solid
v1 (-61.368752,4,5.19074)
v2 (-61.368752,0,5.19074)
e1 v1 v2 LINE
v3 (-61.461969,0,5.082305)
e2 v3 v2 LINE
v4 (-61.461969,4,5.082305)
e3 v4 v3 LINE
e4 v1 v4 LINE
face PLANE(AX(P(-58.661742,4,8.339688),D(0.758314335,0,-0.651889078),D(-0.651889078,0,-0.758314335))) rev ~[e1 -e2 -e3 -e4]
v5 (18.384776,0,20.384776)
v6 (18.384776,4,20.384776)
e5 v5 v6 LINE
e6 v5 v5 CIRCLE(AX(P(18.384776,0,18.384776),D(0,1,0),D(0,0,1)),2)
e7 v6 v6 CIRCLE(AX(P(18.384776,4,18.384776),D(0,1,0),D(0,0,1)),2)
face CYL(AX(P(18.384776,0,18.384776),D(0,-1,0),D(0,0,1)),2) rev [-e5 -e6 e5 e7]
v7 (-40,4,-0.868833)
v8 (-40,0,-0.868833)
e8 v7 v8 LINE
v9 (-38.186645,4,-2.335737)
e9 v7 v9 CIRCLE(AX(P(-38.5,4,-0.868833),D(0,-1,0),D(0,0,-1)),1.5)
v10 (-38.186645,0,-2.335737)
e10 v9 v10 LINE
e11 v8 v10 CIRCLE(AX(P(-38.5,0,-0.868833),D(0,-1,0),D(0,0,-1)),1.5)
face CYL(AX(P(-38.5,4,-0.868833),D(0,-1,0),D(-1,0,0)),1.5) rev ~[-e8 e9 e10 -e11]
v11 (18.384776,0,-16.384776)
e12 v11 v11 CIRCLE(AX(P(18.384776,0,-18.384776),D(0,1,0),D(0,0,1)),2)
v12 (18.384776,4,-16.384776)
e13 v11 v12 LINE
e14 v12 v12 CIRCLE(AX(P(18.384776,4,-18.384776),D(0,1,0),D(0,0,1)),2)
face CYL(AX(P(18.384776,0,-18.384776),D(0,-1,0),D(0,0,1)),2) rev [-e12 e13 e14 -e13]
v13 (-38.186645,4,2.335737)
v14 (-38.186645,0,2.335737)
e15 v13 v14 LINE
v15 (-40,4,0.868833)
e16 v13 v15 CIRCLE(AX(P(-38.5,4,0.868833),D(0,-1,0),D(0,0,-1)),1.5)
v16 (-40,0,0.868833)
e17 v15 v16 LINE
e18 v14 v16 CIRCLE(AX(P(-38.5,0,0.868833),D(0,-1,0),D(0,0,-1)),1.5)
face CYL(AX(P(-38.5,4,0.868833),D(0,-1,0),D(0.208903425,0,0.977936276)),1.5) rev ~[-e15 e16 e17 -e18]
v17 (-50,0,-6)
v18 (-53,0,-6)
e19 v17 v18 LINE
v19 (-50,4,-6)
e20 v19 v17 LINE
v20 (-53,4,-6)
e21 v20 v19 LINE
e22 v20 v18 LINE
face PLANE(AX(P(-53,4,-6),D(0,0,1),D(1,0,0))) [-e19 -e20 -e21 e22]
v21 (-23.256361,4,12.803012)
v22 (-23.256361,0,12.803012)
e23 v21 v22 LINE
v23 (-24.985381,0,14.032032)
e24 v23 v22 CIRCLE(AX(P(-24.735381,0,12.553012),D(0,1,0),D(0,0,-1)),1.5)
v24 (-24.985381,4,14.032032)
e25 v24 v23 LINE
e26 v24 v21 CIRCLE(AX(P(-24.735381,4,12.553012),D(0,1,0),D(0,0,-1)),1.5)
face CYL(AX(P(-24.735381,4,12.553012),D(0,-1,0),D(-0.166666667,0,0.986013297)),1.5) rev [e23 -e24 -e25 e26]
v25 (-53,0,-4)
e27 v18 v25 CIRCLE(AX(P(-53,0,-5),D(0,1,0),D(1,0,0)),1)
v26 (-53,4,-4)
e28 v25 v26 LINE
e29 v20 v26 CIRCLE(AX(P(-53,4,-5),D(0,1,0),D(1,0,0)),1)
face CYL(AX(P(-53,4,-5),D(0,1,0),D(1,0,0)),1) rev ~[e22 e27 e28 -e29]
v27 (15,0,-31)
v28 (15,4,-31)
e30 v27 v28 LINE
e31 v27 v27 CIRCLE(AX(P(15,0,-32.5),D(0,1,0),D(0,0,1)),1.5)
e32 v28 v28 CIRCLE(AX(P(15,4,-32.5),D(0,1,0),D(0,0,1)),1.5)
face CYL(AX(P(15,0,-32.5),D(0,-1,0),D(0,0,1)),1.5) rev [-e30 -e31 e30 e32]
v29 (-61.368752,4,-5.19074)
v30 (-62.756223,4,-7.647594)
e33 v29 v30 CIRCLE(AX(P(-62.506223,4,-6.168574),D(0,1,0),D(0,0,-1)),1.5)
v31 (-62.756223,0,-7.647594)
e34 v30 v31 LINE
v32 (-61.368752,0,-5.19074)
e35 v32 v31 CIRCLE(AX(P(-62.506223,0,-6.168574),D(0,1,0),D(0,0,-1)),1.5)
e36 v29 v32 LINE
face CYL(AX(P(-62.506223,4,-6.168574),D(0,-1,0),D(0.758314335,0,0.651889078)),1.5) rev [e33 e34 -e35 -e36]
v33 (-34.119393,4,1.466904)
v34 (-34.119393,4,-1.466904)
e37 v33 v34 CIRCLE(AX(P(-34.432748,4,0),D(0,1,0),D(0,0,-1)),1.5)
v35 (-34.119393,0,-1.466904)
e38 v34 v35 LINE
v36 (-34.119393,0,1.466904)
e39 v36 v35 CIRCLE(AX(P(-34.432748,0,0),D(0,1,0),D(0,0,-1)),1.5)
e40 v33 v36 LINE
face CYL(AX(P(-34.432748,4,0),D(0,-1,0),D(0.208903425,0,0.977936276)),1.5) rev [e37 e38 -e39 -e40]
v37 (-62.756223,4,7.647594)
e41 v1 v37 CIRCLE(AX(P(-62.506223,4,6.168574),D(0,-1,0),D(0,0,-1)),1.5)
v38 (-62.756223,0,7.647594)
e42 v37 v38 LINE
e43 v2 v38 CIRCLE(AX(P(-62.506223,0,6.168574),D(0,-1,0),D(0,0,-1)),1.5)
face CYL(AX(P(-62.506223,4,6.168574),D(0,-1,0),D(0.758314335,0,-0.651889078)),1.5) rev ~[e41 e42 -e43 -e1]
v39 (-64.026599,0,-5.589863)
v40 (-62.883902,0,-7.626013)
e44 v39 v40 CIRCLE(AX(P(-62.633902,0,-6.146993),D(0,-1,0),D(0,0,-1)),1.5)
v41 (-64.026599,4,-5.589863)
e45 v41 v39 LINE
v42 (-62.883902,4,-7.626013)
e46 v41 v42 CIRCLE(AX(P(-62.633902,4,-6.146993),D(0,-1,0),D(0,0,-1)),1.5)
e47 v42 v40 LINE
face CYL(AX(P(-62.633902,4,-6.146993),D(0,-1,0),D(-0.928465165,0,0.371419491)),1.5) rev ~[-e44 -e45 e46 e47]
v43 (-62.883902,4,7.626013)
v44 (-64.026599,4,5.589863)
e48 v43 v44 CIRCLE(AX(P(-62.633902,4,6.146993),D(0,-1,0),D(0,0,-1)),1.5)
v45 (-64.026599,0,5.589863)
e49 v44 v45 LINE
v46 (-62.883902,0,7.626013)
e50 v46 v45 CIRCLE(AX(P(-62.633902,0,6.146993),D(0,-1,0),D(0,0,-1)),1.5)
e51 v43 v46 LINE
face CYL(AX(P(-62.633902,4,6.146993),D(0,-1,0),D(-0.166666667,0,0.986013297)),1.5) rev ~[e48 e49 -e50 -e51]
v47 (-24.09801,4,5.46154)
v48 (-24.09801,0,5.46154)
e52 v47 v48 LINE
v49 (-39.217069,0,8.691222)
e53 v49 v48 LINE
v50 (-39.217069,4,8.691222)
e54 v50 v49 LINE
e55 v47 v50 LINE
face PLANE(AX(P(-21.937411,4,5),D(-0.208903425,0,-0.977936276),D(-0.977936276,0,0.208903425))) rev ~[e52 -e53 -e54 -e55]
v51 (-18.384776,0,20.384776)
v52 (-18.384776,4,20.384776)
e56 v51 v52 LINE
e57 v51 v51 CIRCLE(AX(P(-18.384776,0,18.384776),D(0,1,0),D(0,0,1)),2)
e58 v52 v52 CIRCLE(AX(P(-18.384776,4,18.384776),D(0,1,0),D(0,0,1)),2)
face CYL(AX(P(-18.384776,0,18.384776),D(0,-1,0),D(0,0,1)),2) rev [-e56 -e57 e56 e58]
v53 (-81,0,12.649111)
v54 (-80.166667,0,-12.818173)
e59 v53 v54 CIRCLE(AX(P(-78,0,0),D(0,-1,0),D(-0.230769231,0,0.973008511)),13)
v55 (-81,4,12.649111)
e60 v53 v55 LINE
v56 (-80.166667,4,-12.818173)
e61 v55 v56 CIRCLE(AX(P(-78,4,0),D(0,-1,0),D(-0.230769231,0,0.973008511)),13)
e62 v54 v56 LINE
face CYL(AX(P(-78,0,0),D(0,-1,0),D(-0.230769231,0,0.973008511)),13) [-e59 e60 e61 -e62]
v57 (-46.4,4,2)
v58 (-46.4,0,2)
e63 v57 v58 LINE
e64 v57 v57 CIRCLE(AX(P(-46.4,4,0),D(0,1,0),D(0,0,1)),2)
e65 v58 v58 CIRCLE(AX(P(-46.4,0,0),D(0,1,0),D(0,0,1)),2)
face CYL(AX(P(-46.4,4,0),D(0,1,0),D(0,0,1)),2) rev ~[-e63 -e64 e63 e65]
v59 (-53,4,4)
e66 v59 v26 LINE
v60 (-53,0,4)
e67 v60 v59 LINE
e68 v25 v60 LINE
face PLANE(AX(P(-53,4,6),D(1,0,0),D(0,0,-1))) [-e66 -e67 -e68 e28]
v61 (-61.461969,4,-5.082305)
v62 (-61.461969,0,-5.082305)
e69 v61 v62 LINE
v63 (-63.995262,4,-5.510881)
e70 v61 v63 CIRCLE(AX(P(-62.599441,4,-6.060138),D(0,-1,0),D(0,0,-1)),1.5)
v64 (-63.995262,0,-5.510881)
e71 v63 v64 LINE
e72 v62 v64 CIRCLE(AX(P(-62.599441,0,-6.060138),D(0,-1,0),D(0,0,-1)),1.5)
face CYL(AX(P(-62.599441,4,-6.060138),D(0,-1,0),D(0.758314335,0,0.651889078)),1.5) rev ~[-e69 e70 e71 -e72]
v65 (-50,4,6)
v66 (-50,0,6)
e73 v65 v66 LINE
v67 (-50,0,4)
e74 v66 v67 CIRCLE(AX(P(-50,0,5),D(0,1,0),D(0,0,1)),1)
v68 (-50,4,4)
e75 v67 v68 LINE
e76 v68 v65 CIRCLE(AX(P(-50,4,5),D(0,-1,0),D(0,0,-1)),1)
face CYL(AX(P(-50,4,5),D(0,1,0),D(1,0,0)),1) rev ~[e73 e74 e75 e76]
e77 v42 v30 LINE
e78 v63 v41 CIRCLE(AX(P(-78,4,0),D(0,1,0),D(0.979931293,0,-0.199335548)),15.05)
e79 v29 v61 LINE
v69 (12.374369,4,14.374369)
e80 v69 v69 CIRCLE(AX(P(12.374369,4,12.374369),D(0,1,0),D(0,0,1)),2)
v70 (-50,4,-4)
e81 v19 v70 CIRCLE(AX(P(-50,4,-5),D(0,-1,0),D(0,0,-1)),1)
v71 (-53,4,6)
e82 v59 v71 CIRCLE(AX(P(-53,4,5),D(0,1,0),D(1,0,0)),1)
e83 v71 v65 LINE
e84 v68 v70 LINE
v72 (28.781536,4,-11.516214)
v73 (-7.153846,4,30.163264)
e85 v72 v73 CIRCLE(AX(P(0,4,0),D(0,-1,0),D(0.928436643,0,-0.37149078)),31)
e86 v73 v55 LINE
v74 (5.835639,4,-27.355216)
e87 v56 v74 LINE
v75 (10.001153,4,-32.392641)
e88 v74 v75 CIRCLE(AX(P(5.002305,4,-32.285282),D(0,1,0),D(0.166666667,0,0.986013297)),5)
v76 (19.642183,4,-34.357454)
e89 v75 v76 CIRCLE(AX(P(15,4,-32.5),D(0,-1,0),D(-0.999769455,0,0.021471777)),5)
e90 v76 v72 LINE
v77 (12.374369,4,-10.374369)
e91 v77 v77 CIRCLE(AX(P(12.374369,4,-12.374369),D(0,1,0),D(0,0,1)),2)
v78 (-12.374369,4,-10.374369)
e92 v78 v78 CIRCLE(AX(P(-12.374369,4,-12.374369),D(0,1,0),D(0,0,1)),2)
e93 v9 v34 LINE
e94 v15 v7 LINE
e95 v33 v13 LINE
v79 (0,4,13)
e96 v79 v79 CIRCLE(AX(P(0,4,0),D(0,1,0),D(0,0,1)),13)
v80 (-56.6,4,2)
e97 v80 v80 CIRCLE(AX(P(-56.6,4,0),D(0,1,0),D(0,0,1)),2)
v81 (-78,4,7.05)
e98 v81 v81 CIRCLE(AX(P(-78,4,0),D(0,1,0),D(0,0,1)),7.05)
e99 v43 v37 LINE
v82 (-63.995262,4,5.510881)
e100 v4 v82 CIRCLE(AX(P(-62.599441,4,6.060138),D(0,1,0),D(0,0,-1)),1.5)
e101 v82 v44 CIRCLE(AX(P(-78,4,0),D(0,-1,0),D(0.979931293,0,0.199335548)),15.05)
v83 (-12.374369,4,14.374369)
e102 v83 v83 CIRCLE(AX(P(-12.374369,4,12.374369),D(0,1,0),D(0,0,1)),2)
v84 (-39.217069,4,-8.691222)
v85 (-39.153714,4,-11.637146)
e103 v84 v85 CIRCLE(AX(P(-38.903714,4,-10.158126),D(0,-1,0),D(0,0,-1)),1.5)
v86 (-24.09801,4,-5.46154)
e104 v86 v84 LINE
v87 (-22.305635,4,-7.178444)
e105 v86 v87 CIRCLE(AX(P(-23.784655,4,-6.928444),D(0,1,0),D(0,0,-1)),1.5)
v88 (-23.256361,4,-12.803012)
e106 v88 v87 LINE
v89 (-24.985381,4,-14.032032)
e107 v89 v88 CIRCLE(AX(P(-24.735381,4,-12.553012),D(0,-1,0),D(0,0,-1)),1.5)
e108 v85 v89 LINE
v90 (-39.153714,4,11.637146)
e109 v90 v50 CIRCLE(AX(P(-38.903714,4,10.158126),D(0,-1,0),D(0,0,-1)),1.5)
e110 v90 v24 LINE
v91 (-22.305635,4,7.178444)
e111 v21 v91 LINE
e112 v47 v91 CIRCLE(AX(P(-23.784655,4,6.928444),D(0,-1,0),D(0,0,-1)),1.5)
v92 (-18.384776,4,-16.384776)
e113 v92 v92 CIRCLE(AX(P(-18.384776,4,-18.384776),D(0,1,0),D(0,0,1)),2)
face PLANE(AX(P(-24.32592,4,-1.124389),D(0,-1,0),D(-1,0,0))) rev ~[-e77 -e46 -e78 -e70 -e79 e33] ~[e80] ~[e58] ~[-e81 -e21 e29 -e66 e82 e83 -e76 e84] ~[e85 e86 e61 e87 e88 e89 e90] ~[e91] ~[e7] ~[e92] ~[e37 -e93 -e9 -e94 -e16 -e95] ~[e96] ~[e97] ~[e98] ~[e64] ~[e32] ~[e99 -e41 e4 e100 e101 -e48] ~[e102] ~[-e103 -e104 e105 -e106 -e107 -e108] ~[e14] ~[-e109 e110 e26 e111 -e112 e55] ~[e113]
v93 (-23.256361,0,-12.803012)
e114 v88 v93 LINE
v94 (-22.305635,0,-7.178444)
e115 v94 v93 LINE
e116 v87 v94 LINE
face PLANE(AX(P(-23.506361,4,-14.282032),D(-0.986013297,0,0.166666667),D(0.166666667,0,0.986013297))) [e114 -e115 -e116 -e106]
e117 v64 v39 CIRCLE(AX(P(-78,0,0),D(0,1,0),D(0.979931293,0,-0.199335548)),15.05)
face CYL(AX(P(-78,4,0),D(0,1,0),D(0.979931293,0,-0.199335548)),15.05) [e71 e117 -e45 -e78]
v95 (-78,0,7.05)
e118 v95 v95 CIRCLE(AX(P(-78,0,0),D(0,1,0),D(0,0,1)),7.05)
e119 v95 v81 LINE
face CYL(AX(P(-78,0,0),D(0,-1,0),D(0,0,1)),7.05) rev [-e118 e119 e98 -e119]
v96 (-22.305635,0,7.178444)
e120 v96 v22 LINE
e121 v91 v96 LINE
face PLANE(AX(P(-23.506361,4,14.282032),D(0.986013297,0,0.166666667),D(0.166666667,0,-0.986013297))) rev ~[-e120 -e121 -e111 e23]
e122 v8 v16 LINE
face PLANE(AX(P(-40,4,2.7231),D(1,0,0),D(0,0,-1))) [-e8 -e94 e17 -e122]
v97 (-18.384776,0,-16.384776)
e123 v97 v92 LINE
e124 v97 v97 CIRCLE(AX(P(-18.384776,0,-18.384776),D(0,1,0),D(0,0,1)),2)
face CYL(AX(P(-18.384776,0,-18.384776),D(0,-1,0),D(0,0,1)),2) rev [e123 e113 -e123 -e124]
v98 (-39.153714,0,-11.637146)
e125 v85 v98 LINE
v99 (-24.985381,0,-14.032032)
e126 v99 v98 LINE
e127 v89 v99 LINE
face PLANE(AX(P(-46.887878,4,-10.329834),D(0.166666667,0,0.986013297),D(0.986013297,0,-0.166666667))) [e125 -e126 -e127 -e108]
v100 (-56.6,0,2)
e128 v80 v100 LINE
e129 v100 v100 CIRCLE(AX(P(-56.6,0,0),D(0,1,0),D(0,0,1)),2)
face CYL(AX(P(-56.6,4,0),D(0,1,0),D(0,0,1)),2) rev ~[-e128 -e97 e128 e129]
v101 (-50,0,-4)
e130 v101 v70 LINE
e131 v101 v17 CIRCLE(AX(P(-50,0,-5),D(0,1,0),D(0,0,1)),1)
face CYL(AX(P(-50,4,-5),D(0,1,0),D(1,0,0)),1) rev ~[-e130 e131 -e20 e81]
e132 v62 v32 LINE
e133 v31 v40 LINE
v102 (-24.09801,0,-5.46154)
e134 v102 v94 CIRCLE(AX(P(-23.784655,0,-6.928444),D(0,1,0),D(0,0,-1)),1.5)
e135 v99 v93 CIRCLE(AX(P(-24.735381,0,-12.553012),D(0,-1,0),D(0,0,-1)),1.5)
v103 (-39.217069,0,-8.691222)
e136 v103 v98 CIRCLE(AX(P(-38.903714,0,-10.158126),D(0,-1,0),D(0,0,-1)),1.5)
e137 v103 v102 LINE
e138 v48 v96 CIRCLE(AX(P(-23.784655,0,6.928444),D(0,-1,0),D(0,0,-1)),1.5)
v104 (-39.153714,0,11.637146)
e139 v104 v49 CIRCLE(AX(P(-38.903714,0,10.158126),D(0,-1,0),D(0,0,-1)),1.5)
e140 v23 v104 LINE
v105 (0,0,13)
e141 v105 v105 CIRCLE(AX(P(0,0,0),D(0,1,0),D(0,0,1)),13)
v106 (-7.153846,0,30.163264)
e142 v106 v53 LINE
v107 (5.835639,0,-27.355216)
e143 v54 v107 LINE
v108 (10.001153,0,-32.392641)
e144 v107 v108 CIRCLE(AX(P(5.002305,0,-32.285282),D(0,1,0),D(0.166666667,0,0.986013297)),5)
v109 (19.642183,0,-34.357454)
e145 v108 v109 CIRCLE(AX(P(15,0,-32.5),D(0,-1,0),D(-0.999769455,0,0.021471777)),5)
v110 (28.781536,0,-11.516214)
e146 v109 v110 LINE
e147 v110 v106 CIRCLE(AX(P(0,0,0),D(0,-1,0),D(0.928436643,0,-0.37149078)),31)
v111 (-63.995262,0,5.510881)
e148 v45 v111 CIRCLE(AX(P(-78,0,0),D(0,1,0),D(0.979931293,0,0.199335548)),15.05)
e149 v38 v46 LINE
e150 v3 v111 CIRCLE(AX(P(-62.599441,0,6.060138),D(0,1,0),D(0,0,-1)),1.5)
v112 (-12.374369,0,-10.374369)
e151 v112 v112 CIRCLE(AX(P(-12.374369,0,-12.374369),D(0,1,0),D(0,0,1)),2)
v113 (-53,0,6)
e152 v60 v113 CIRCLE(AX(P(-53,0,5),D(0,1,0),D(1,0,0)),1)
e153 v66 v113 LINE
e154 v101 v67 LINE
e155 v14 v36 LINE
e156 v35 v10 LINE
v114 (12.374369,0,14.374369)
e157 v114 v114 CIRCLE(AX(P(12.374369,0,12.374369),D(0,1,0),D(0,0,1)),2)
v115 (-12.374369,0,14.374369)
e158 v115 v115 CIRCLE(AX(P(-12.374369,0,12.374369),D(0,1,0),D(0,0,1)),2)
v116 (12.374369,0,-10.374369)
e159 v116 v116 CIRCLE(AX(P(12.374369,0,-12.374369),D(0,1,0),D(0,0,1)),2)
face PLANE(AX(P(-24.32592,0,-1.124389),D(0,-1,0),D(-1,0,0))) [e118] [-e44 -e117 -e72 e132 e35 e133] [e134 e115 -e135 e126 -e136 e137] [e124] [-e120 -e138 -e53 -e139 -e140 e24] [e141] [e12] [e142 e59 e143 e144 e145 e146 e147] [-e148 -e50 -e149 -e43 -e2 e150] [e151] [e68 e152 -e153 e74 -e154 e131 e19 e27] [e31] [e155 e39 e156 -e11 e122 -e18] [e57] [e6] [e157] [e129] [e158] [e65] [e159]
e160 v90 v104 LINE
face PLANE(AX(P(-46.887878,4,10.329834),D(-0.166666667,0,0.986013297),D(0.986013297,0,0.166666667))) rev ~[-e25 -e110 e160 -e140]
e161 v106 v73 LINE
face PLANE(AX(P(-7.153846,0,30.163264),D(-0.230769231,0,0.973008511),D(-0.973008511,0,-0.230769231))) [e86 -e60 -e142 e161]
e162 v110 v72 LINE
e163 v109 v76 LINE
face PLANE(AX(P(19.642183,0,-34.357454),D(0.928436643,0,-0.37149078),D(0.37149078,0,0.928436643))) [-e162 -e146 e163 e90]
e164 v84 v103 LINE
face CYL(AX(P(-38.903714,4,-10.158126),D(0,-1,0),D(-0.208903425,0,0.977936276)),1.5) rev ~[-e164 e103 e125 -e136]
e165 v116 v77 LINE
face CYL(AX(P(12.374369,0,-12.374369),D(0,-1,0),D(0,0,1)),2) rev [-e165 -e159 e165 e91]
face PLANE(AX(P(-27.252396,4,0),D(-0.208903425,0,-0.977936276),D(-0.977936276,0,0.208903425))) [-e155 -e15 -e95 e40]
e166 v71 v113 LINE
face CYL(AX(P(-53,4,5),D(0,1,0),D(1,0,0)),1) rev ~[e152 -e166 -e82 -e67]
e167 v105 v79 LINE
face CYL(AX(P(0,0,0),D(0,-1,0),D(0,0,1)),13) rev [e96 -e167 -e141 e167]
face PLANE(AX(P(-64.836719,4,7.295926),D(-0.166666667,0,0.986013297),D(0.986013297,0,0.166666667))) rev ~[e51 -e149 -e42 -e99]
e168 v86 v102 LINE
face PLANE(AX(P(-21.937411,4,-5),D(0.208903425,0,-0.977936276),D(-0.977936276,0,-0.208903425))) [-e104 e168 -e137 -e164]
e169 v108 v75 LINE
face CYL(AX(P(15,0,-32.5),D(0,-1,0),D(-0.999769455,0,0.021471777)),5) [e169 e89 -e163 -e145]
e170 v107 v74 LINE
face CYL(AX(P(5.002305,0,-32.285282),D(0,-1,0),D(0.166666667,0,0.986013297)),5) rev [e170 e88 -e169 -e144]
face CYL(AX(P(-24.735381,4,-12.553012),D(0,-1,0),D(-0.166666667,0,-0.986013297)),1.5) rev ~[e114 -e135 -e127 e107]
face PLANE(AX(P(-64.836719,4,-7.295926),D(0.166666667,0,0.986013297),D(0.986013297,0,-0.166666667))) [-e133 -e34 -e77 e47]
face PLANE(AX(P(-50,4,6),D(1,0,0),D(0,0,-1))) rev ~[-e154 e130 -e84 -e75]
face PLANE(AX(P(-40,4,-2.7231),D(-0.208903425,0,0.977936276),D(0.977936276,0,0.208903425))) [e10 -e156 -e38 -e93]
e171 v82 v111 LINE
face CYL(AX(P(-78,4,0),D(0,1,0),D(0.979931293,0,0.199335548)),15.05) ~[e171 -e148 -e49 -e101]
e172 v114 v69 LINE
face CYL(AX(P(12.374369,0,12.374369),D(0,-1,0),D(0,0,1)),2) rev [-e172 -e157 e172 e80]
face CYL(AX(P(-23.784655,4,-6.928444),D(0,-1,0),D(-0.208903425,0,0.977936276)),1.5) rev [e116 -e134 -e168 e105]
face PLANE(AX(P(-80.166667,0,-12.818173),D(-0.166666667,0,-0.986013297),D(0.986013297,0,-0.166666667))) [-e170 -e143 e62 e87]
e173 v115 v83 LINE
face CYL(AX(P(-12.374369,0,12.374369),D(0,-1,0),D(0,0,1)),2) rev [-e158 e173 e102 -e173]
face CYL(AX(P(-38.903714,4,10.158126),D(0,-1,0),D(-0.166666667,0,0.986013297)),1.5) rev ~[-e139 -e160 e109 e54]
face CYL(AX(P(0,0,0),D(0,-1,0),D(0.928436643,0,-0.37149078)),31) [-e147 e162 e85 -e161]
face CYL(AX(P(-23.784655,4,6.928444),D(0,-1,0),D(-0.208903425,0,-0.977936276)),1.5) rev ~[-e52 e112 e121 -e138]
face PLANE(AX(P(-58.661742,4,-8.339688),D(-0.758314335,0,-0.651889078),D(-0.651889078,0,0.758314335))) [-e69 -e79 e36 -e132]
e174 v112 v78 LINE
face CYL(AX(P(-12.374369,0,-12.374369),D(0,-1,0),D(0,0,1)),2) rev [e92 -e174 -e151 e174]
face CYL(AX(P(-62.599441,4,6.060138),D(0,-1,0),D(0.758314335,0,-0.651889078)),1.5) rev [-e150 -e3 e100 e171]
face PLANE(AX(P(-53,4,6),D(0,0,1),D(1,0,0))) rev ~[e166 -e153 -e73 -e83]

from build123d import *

# Parameters (mm, degrees)
SKETCH_1_R          = 7.05
SKETCH_1_R_2        = 1.5
SKETCH_1_R_3        = 2
SKETCH_1_R_4        = 13
EXTRUDE_1_DEPTH     = 4
SKETCH_4_R          = 2
SKETCH_4_W          = 3
SKETCH_4_H          = 12
CUT_EXTRUDE_7_DEPTH = 99.505076011
SKETCH_8_R          = 1
CUT_EXTRUDE_6_DEPTH = 99.505076011
CUT_EXTRUDE_8_DEPTH = 99.505076011
FILLET_1_R          = 1.5


with BuildPart() as part:
    # 草图1 → 凸台-拉伸1 (new body)
    with BuildSketch(Plane(origin=(0, 0, 0), x_dir=(1, 0, 0), z_dir=(0, 1, 0))):
        with BuildLine():
            Line((-80.166666667, 12.818172863), (5.835638785, 27.355215737))
            ThreePointArc((5.835638785, 27.355215737), (8.855550352, 29.098982843), (10.001152726, 32.392641112))
            ThreePointArc((10.001152726, 32.392641112), (14.001538866, 37.399293353), (19.642183216, 34.3574539))
            Line((19.642183216, 34.3574539), (28.781535937, 11.516214183))
            ThreePointArc((28.781535937, 11.516214183), (23.478372246, -20.242678595), (-7.153846154, -30.163263835))
            Line((-7.153846154, -30.163263835), (-81, -12.649110641))
            ThreePointArc((-81, -12.649110641), (-90.993045962, 0.425154819), (-80.166666667, 12.818172863))
        make_face()
        with Locations(Location((-78, 0, 0), (0, 0, 270))):
            Circle(SKETCH_1_R, mode=Mode.SUBTRACT)
        with Locations(Location((15, 32.5, 0), (0, 0, 270))):
            Circle(SKETCH_1_R_2, mode=Mode.SUBTRACT)
        with Locations(Location((-18.384776311, 18.384776311, 0), (0, 0, 270))):
            Circle(SKETCH_1_R_3, mode=Mode.SUBTRACT)
        with Locations(Location((18.384776311, 18.384776311, 0), (0, 0, 270))):
            Circle(SKETCH_1_R_3, mode=Mode.SUBTRACT)
        with Locations(Location((18.384776311, -18.384776311, 0), (0, 0, 270))):
            Circle(SKETCH_1_R_3, mode=Mode.SUBTRACT)
        with Locations(Location((-18.384776311, -18.384776311, 0), (0, 0, 270))):
            Circle(SKETCH_1_R_3, mode=Mode.SUBTRACT)
        with Locations(Location((-12.374368671, 12.374368671, 0), (0, 0, 270))):
            Circle(SKETCH_1_R_3, mode=Mode.SUBTRACT)
        with Locations(Location((12.374368671, 12.374368671, 0), (0, 0, 270))):
            Circle(SKETCH_1_R_3, mode=Mode.SUBTRACT)
        with Locations(Location((12.374368671, -12.374368671, 0), (0, 0, 270))):
            Circle(SKETCH_1_R_3, mode=Mode.SUBTRACT)
        with Locations(Location((-12.374368671, -12.374368671, 0), (0, 0, 270))):
            Circle(SKETCH_1_R_3, mode=Mode.SUBTRACT)
        with Locations(Location((0, 0, 0), (0, 0, 270))):
            Circle(SKETCH_1_R_4, mode=Mode.SUBTRACT)
    extrude(amount=EXTRUDE_1_DEPTH)

    # 草图4 → 切除-拉伸7 (cut, through all)
    with BuildSketch(Plane(origin=(0, 4, 0), x_dir=(1, 0, 0), z_dir=(0, 1, 0))):
        with Locations(Location((-56.6, 0, 0), (0, 0, 270))):
            Circle(SKETCH_4_R)
        with Locations(Location((-46.4, 0, 0), (0, 0, 270))):
            Circle(SKETCH_4_R)
        with Locations((-51.5, 0)):
            Rectangle(SKETCH_4_W, SKETCH_4_H)
    extrude(amount=-CUT_EXTRUDE_7_DEPTH, mode=Mode.SUBTRACT)

    # 草图8 → 切除-拉伸6 (cut, through all)
    with BuildSketch(Plane(origin=(0, 4, 0), x_dir=(1, 0, 0), z_dir=(0, 1, 0))):
        with Locations((-53, 5)):
            Circle(SKETCH_8_R)
        with Locations((-53, -5)):
            Circle(SKETCH_8_R)
        with Locations((-50, -5)):
            Circle(SKETCH_8_R)
        with Locations((-50, 5)):
            Circle(SKETCH_8_R)
    extrude(amount=-CUT_EXTRUDE_6_DEPTH, mode=Mode.SUBTRACT)

    # 草图9 → 切除-拉伸8 (cut, through all)
    with BuildSketch(Plane(origin=(0, 4, 0), x_dir=(1, 0, 0), z_dir=(0, 1, 0))):
        Polygon((-23.506360694, 14.282031751), (-21.937410968, 5), (-46.887877974, 10.329833989), align=None)
        Polygon((-46.887877974, -10.329833989), (-23.506360694, -14.282031751), (-21.937410968, -5), align=None)
        with BuildLine():
            Line((-64.836719159, 7.29592609), (-58.661742218, 8.339687697))
            Line((-58.661742218, 8.339687697), (-63.252034039, 3))
            ThreePointArc((-63.252034039, 3), (-63.880043564, 5.208582364), (-64.836719159, 7.29592609))
        make_face()
        with BuildLine():
            Line((-58.661742218, -8.339687697), (-63.252034039, -3))
            ThreePointArc((-63.252034039, -3), (-63.880043564, -5.208582364), (-64.836719159, -7.29592609))
            Line((-64.836719159, -7.29592609), (-58.661742218, -8.339687697))
        make_face()
        Polygon((-40, 2.723099806), (-27.252396227, 0), (-40, -2.723099806), align=None)
    extrude(amount=-CUT_EXTRUDE_8_DEPTH, mode=Mode.SUBTRACT)

    # 圆角1
    fillet_1_edges = [part.edges().sort_by_distance(p)[0] for p in [
        (-46.887877974, 2, 10.329833989),
        (-21.937410968, 2, 5),
        (-23.506360694, 2, 14.282031751),
        (-63.252034039, 2, -3),
        (-64.836719159, 2, -7.29592609),
        (-58.661742218, 2, -8.339687697),
        (-40, 2, 2.723099806),
        (-40, 2, -2.723099806),
        (-27.252396227, 2, 0),
        (-64.836719159, 2, 7.29592609),
        (-63.252034039, 2, 3),
        (-58.661742218, 2, 8.339687697),
        (-46.887877974, 2, -10.329833989),
        (-23.506360694, 2, -14.282031751),
        (-21.937410968, 2, -5),
    ]]
    fillet(fillet_1_edges, radius=FILLET_1_R)


solid = part.part
